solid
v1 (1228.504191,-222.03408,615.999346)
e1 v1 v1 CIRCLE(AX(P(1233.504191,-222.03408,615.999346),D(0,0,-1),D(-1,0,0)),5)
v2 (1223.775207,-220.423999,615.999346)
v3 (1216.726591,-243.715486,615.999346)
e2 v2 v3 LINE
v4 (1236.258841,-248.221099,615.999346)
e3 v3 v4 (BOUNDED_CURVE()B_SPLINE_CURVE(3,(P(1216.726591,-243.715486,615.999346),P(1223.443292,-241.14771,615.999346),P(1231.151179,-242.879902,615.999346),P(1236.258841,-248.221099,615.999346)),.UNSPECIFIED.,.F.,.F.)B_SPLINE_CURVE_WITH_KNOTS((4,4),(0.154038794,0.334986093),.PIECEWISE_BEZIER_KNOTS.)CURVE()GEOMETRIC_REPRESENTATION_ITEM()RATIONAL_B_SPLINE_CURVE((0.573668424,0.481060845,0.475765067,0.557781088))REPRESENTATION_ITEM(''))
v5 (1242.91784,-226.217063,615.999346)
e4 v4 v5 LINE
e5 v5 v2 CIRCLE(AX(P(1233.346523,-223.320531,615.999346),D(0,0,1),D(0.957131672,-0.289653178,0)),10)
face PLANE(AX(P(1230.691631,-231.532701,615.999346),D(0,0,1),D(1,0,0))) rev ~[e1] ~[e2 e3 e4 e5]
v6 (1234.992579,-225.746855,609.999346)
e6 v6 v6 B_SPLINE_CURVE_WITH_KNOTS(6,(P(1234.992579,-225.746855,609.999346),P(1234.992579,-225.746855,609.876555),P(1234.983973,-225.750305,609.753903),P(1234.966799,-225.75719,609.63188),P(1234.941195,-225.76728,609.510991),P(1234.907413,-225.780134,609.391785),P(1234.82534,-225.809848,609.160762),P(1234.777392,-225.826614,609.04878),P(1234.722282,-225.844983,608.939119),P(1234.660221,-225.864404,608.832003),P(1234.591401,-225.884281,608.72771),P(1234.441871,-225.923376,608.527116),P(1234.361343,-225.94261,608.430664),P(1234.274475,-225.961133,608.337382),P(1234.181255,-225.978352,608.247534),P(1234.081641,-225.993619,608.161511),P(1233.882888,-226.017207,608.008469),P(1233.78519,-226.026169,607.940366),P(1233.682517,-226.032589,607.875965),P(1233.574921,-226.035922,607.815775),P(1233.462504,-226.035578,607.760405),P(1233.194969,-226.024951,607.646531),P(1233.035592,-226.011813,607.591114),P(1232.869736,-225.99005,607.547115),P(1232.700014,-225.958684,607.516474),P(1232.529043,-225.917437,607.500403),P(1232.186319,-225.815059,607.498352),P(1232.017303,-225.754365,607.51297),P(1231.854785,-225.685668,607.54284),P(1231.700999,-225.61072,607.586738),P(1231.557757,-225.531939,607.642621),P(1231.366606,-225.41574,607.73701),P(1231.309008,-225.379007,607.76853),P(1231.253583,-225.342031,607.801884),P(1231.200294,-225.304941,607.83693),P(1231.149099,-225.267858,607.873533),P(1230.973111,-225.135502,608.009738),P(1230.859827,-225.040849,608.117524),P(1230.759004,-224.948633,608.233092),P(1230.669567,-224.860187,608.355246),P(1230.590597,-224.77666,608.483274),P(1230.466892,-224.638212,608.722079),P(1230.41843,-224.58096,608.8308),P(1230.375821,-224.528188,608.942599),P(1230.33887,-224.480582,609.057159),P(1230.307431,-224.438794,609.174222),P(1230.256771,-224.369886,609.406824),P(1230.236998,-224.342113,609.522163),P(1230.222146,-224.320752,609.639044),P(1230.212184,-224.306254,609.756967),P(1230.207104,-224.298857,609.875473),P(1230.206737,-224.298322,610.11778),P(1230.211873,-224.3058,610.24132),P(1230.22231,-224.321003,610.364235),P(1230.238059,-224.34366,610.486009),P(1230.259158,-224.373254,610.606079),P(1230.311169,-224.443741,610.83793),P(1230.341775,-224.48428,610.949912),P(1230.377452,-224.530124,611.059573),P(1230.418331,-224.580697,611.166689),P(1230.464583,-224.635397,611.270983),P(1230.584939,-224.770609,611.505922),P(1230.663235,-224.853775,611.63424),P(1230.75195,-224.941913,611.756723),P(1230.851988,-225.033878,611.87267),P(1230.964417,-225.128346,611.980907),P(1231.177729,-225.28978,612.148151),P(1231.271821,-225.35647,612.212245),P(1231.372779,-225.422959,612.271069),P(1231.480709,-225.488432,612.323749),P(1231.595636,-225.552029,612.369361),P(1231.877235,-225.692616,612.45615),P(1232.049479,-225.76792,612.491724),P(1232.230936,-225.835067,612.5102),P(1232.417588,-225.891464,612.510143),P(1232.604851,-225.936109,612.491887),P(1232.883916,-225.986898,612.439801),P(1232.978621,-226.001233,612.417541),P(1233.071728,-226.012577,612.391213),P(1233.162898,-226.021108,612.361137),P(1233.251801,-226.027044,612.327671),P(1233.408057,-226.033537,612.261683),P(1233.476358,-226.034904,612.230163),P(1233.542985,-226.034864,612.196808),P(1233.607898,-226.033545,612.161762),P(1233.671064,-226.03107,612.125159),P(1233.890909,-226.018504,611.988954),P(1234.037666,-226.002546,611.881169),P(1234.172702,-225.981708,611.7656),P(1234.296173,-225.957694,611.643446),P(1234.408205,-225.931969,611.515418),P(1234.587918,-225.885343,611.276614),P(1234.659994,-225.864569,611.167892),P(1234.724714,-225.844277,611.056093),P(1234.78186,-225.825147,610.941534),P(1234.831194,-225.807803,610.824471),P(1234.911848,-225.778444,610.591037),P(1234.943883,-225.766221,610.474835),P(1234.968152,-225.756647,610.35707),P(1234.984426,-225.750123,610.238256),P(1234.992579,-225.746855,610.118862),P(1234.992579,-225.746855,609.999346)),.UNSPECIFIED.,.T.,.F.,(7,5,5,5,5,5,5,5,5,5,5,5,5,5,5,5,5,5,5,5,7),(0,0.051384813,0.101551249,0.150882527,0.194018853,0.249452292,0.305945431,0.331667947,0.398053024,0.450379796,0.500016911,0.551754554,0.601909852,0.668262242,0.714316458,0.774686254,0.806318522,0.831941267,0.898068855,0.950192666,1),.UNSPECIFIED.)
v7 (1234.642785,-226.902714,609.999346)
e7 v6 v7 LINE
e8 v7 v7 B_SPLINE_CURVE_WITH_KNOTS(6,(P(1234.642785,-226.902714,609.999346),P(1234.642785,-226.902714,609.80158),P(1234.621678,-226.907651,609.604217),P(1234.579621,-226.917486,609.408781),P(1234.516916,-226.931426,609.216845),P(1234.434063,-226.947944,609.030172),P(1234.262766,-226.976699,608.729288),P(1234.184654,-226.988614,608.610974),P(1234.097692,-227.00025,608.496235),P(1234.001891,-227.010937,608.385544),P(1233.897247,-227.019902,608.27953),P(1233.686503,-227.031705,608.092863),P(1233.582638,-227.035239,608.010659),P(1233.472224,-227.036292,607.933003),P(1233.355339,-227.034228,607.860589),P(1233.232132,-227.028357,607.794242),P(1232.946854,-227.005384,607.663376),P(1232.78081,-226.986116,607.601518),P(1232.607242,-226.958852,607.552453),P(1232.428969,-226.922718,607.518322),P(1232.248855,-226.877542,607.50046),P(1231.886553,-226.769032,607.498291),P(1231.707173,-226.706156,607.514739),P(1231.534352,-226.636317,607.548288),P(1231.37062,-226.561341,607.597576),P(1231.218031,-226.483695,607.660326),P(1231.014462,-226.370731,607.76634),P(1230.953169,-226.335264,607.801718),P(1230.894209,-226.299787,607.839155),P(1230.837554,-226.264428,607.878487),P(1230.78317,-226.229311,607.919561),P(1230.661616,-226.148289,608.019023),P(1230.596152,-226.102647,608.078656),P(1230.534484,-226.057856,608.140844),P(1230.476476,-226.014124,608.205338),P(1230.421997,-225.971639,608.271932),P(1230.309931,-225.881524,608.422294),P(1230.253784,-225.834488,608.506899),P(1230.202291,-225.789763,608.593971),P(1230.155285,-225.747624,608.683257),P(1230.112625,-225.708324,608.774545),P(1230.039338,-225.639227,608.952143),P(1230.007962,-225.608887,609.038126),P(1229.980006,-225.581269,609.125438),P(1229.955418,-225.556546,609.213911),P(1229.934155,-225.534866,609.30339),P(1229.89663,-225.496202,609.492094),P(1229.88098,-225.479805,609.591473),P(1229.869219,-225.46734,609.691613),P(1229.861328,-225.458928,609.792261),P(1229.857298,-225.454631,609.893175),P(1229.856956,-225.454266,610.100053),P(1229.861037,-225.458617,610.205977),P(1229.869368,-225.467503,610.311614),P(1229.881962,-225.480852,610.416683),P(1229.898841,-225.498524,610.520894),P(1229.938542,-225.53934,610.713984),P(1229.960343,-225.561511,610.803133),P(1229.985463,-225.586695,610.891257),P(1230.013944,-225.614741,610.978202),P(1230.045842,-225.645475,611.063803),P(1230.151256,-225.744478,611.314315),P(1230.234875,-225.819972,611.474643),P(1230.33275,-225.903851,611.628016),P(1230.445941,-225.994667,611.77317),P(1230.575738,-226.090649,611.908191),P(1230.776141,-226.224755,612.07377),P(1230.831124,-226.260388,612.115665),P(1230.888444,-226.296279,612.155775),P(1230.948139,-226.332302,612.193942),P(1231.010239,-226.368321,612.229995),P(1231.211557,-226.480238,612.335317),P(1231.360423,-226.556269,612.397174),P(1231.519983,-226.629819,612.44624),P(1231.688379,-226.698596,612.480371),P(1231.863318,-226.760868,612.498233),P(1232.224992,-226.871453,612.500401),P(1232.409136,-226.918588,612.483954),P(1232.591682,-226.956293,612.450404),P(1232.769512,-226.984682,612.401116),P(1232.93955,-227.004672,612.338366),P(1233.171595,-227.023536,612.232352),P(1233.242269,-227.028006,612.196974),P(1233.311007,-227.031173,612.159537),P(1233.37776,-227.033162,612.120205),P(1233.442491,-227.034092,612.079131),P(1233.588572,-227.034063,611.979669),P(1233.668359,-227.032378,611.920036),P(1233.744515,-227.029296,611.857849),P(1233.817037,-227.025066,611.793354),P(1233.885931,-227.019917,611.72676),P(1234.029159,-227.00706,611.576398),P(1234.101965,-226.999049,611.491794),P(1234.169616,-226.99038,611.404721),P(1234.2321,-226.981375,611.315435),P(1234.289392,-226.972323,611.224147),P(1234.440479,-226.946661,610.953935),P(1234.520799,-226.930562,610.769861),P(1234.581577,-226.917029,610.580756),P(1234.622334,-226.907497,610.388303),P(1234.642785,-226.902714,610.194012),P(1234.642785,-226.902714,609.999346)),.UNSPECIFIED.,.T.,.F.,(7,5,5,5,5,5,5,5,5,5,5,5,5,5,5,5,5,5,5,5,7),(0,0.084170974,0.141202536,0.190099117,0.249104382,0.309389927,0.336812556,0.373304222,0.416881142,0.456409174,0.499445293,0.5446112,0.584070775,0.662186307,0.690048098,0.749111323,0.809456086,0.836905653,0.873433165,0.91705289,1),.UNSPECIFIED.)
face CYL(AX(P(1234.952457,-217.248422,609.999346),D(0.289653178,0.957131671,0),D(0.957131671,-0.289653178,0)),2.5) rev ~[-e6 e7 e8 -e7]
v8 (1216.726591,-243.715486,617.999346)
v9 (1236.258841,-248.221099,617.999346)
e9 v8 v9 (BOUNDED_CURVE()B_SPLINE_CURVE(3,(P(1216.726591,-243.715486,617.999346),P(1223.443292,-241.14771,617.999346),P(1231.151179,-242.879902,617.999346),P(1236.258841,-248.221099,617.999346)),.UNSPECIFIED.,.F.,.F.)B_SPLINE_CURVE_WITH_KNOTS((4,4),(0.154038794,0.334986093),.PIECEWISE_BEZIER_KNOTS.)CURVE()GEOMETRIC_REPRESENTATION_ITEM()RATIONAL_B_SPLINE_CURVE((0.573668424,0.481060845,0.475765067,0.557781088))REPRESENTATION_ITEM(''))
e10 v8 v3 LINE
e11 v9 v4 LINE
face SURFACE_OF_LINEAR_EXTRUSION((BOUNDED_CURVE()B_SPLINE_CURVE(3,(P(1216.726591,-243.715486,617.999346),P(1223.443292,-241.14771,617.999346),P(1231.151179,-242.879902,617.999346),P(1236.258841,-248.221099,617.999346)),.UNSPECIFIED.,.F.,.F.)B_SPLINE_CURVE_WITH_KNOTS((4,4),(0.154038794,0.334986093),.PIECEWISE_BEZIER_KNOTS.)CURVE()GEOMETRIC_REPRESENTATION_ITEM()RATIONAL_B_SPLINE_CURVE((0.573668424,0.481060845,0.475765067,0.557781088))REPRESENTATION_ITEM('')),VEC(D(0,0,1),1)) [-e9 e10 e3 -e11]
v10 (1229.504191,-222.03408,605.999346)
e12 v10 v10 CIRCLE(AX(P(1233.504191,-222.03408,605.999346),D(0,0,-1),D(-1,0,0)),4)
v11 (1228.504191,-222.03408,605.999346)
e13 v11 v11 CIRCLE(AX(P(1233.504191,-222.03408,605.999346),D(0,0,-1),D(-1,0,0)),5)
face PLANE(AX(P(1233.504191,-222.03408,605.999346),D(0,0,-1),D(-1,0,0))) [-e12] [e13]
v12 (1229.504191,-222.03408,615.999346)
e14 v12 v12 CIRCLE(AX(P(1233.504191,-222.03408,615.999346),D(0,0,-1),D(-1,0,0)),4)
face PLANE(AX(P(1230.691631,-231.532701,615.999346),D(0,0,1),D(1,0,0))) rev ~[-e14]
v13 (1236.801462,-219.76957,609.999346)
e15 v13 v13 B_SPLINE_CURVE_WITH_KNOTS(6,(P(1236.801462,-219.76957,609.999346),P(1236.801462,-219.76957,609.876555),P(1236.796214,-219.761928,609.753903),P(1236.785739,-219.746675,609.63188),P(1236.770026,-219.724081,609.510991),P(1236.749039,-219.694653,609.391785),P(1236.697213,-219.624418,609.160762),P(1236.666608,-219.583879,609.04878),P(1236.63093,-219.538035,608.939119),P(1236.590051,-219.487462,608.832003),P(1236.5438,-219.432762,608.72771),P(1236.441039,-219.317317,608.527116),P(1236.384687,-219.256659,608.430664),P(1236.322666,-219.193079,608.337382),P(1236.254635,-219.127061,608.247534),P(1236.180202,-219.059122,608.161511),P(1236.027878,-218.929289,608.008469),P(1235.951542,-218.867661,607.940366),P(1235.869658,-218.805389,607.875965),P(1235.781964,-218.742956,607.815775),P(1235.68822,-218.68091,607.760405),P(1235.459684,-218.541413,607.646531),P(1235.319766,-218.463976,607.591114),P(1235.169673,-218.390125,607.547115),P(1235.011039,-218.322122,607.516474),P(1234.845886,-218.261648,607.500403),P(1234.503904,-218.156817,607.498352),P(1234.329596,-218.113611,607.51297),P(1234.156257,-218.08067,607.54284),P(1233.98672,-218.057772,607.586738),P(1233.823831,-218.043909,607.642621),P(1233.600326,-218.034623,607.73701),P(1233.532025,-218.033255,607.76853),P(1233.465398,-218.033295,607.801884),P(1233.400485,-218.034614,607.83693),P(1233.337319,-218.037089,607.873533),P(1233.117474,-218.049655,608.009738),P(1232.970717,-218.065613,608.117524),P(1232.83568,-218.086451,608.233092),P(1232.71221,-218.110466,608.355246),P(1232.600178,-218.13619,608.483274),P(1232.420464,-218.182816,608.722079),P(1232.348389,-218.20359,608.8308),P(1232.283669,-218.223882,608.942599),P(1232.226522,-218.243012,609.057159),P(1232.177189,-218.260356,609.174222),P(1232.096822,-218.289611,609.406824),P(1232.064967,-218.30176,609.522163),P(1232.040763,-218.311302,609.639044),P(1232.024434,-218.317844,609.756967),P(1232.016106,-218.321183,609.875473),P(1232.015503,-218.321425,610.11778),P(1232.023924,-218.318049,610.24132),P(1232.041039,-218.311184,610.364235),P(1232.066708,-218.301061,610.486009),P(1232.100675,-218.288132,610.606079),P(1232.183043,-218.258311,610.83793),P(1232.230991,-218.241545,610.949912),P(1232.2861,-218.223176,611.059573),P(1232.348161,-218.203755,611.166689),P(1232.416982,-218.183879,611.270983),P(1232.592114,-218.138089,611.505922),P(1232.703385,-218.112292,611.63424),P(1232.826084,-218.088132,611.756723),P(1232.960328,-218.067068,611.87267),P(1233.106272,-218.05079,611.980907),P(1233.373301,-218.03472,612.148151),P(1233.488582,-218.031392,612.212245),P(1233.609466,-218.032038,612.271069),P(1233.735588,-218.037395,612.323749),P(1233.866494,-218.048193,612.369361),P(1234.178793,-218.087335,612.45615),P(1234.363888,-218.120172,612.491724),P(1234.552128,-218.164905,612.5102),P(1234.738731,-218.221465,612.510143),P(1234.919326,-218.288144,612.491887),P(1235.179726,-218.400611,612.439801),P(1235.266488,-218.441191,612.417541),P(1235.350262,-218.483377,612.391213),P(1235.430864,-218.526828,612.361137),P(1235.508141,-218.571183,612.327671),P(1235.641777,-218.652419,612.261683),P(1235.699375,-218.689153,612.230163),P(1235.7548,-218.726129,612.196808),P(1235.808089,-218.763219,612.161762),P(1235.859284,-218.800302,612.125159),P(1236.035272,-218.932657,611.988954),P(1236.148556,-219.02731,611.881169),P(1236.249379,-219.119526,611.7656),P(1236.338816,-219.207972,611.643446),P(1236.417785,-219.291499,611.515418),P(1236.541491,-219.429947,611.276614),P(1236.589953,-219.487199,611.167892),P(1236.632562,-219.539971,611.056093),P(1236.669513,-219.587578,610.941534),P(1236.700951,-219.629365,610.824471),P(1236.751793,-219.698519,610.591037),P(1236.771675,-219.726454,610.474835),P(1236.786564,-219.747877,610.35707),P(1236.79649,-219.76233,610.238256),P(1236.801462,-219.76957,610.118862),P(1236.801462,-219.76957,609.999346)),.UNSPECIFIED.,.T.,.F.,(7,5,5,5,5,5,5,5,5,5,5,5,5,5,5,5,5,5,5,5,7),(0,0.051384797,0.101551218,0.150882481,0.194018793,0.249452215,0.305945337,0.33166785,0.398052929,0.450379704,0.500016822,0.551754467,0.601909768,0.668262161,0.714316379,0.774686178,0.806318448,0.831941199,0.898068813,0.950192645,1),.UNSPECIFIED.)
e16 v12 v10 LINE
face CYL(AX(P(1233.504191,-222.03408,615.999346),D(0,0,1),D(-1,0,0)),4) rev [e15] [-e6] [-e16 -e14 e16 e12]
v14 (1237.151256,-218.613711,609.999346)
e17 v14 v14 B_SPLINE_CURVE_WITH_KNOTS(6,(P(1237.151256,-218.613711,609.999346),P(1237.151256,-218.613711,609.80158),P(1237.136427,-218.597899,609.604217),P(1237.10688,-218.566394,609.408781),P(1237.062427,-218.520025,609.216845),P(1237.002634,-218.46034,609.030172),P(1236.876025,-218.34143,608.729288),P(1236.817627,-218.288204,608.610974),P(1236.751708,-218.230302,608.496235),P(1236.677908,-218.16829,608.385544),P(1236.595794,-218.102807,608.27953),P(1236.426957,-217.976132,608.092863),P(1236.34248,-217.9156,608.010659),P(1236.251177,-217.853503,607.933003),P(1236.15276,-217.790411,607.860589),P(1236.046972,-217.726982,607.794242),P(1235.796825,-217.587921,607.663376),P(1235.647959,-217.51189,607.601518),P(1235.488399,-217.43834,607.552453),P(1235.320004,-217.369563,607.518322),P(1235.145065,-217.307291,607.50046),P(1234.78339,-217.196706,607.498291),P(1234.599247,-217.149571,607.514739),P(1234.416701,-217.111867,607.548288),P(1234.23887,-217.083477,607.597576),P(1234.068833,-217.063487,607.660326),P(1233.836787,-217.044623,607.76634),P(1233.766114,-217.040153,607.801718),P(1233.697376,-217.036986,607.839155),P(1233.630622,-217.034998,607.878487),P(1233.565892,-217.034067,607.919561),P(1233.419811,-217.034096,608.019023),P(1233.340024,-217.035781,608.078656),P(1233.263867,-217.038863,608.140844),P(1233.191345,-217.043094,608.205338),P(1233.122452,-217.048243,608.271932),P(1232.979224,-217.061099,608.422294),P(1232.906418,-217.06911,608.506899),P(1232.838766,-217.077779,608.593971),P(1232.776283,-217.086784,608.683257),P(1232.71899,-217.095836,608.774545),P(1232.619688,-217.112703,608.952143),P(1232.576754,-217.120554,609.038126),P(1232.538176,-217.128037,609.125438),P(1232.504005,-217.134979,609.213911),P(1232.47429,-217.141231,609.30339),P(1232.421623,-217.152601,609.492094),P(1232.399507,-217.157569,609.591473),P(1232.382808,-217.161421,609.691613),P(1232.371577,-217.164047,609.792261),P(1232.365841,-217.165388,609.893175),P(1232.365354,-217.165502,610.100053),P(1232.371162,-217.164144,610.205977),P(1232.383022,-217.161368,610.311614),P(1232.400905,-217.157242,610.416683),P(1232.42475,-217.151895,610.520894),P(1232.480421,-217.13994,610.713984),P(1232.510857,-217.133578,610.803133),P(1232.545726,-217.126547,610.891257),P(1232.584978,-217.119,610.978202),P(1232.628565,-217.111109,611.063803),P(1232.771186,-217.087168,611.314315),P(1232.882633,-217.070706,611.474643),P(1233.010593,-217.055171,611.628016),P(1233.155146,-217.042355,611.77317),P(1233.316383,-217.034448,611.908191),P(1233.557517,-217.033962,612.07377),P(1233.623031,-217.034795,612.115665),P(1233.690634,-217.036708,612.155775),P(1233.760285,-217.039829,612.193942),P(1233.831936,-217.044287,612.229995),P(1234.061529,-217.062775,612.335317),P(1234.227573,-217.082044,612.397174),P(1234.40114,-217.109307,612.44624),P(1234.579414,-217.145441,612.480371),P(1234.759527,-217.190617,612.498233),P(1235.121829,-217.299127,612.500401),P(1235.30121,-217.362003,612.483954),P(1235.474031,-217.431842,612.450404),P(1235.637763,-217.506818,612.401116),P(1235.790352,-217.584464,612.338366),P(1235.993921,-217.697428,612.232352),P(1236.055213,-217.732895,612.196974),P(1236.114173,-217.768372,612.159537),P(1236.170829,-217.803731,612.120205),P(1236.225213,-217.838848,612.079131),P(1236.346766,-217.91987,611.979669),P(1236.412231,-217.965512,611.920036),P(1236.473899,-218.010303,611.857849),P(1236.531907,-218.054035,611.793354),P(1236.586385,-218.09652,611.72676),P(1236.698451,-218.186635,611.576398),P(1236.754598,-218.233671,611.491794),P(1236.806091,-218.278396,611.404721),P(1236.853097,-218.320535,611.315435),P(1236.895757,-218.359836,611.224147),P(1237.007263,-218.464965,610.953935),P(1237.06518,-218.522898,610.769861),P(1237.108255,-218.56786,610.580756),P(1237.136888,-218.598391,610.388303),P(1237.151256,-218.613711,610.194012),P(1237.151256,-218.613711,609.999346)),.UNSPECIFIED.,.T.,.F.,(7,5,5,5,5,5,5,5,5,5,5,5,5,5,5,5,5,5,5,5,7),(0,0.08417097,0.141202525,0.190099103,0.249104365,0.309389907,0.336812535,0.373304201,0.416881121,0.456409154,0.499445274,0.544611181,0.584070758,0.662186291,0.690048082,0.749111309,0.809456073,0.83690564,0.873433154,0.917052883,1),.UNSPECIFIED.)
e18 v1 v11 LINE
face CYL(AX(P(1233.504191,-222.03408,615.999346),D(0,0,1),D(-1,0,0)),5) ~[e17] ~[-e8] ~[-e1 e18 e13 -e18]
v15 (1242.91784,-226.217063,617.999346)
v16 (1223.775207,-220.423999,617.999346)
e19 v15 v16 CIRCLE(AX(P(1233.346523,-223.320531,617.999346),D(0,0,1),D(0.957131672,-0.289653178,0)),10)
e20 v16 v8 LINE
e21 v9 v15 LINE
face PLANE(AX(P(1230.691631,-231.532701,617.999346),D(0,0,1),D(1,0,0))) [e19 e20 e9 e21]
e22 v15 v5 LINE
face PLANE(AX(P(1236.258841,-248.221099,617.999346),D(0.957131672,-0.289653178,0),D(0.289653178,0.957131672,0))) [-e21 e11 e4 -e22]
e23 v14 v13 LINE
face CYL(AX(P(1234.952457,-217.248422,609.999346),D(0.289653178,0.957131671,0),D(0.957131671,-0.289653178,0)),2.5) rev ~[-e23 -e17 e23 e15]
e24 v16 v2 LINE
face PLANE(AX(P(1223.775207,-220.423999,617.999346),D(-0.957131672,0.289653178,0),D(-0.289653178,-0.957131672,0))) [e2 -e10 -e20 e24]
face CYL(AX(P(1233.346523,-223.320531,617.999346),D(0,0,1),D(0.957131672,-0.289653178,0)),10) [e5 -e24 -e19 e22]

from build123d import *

# Parameters (mm, degrees)
DODANIE_WYCI_GNI_CIE1_DEPTH = 2
SZKIC8_R                    = 5
SZKIC8_R_2                  = 4
EXTRUDE_THIN1_DEPTH         = 10
SKETCH1_R                   = 2.5
CUT_EXTRUDE1_DEPTH          = 20


with BuildPart() as part:
    # Szkic7 → Dodanie-wyciągnięcie1 (new body)
    with BuildSketch(Plane(origin=(0, 0, 617.999346089), x_dir=(-1, 0, 0), z_dir=(0, 0, -1))):
        with BuildLine():
            Line((-1236.2588409, -248.22109889), (-1242.917839996, -226.217062929))
            ThreePointArc((-1242.917839996, -226.217062929), (-1236.243055057, -213.749214437), (-1223.775206565, -220.423999377))
            Line((-1223.775206565, -220.423999377), (-1216.726590952, -243.715486458))
            add(Edge.make_bspline(
                [(-1216.726590952, -243.715486458), (-1223.443292113, -241.147709702), (-1231.151179112, -242.879902365), (-1236.2588409, -248.22109889)],
                knots=[0.154038794, 0.154038794, 0.154038794, 0.154038794, 0.334986093, 0.334986093, 0.334986093, 0.334986093], degree=3, weights=[0.573668424, 0.481060845, 0.475765067, 0.557781088]))
        make_face()
    extrude(amount=DODANIE_WYCI_GNI_CIE1_DEPTH)

    # Szkic8 → Extrude-Thin1 (add)
    with BuildSketch(Plane(origin=(0, 0, 615.999346089), x_dir=(-1, 0, 0), z_dir=(0, 0, -1))):
        with Locations((-1233.504191335, -222.034079566)):
            Circle(SZKIC8_R)
        with Locations((-1233.504191335, -222.034079566)):
            Circle(SZKIC8_R_2, mode=Mode.SUBTRACT)
    extrude(amount=EXTRUDE_THIN1_DEPTH)

    # Sketch1 → Cut-Extrude1 (cut)
    with BuildSketch(Plane(origin=(43.382097596, 143.352059634, 0), x_dir=(0.9571316715628467, -0.28965317759574266, 0), z_dir=(0.28965317759574266, 0.9571316715628467, 0))):
        with Locations((1244.938805213, -609.999346089)):
            Circle(SKETCH1_R)
    extrude(amount=-CUT_EXTRUDE1_DEPTH, mode=Mode.SUBTRACT)


solid = part.part
